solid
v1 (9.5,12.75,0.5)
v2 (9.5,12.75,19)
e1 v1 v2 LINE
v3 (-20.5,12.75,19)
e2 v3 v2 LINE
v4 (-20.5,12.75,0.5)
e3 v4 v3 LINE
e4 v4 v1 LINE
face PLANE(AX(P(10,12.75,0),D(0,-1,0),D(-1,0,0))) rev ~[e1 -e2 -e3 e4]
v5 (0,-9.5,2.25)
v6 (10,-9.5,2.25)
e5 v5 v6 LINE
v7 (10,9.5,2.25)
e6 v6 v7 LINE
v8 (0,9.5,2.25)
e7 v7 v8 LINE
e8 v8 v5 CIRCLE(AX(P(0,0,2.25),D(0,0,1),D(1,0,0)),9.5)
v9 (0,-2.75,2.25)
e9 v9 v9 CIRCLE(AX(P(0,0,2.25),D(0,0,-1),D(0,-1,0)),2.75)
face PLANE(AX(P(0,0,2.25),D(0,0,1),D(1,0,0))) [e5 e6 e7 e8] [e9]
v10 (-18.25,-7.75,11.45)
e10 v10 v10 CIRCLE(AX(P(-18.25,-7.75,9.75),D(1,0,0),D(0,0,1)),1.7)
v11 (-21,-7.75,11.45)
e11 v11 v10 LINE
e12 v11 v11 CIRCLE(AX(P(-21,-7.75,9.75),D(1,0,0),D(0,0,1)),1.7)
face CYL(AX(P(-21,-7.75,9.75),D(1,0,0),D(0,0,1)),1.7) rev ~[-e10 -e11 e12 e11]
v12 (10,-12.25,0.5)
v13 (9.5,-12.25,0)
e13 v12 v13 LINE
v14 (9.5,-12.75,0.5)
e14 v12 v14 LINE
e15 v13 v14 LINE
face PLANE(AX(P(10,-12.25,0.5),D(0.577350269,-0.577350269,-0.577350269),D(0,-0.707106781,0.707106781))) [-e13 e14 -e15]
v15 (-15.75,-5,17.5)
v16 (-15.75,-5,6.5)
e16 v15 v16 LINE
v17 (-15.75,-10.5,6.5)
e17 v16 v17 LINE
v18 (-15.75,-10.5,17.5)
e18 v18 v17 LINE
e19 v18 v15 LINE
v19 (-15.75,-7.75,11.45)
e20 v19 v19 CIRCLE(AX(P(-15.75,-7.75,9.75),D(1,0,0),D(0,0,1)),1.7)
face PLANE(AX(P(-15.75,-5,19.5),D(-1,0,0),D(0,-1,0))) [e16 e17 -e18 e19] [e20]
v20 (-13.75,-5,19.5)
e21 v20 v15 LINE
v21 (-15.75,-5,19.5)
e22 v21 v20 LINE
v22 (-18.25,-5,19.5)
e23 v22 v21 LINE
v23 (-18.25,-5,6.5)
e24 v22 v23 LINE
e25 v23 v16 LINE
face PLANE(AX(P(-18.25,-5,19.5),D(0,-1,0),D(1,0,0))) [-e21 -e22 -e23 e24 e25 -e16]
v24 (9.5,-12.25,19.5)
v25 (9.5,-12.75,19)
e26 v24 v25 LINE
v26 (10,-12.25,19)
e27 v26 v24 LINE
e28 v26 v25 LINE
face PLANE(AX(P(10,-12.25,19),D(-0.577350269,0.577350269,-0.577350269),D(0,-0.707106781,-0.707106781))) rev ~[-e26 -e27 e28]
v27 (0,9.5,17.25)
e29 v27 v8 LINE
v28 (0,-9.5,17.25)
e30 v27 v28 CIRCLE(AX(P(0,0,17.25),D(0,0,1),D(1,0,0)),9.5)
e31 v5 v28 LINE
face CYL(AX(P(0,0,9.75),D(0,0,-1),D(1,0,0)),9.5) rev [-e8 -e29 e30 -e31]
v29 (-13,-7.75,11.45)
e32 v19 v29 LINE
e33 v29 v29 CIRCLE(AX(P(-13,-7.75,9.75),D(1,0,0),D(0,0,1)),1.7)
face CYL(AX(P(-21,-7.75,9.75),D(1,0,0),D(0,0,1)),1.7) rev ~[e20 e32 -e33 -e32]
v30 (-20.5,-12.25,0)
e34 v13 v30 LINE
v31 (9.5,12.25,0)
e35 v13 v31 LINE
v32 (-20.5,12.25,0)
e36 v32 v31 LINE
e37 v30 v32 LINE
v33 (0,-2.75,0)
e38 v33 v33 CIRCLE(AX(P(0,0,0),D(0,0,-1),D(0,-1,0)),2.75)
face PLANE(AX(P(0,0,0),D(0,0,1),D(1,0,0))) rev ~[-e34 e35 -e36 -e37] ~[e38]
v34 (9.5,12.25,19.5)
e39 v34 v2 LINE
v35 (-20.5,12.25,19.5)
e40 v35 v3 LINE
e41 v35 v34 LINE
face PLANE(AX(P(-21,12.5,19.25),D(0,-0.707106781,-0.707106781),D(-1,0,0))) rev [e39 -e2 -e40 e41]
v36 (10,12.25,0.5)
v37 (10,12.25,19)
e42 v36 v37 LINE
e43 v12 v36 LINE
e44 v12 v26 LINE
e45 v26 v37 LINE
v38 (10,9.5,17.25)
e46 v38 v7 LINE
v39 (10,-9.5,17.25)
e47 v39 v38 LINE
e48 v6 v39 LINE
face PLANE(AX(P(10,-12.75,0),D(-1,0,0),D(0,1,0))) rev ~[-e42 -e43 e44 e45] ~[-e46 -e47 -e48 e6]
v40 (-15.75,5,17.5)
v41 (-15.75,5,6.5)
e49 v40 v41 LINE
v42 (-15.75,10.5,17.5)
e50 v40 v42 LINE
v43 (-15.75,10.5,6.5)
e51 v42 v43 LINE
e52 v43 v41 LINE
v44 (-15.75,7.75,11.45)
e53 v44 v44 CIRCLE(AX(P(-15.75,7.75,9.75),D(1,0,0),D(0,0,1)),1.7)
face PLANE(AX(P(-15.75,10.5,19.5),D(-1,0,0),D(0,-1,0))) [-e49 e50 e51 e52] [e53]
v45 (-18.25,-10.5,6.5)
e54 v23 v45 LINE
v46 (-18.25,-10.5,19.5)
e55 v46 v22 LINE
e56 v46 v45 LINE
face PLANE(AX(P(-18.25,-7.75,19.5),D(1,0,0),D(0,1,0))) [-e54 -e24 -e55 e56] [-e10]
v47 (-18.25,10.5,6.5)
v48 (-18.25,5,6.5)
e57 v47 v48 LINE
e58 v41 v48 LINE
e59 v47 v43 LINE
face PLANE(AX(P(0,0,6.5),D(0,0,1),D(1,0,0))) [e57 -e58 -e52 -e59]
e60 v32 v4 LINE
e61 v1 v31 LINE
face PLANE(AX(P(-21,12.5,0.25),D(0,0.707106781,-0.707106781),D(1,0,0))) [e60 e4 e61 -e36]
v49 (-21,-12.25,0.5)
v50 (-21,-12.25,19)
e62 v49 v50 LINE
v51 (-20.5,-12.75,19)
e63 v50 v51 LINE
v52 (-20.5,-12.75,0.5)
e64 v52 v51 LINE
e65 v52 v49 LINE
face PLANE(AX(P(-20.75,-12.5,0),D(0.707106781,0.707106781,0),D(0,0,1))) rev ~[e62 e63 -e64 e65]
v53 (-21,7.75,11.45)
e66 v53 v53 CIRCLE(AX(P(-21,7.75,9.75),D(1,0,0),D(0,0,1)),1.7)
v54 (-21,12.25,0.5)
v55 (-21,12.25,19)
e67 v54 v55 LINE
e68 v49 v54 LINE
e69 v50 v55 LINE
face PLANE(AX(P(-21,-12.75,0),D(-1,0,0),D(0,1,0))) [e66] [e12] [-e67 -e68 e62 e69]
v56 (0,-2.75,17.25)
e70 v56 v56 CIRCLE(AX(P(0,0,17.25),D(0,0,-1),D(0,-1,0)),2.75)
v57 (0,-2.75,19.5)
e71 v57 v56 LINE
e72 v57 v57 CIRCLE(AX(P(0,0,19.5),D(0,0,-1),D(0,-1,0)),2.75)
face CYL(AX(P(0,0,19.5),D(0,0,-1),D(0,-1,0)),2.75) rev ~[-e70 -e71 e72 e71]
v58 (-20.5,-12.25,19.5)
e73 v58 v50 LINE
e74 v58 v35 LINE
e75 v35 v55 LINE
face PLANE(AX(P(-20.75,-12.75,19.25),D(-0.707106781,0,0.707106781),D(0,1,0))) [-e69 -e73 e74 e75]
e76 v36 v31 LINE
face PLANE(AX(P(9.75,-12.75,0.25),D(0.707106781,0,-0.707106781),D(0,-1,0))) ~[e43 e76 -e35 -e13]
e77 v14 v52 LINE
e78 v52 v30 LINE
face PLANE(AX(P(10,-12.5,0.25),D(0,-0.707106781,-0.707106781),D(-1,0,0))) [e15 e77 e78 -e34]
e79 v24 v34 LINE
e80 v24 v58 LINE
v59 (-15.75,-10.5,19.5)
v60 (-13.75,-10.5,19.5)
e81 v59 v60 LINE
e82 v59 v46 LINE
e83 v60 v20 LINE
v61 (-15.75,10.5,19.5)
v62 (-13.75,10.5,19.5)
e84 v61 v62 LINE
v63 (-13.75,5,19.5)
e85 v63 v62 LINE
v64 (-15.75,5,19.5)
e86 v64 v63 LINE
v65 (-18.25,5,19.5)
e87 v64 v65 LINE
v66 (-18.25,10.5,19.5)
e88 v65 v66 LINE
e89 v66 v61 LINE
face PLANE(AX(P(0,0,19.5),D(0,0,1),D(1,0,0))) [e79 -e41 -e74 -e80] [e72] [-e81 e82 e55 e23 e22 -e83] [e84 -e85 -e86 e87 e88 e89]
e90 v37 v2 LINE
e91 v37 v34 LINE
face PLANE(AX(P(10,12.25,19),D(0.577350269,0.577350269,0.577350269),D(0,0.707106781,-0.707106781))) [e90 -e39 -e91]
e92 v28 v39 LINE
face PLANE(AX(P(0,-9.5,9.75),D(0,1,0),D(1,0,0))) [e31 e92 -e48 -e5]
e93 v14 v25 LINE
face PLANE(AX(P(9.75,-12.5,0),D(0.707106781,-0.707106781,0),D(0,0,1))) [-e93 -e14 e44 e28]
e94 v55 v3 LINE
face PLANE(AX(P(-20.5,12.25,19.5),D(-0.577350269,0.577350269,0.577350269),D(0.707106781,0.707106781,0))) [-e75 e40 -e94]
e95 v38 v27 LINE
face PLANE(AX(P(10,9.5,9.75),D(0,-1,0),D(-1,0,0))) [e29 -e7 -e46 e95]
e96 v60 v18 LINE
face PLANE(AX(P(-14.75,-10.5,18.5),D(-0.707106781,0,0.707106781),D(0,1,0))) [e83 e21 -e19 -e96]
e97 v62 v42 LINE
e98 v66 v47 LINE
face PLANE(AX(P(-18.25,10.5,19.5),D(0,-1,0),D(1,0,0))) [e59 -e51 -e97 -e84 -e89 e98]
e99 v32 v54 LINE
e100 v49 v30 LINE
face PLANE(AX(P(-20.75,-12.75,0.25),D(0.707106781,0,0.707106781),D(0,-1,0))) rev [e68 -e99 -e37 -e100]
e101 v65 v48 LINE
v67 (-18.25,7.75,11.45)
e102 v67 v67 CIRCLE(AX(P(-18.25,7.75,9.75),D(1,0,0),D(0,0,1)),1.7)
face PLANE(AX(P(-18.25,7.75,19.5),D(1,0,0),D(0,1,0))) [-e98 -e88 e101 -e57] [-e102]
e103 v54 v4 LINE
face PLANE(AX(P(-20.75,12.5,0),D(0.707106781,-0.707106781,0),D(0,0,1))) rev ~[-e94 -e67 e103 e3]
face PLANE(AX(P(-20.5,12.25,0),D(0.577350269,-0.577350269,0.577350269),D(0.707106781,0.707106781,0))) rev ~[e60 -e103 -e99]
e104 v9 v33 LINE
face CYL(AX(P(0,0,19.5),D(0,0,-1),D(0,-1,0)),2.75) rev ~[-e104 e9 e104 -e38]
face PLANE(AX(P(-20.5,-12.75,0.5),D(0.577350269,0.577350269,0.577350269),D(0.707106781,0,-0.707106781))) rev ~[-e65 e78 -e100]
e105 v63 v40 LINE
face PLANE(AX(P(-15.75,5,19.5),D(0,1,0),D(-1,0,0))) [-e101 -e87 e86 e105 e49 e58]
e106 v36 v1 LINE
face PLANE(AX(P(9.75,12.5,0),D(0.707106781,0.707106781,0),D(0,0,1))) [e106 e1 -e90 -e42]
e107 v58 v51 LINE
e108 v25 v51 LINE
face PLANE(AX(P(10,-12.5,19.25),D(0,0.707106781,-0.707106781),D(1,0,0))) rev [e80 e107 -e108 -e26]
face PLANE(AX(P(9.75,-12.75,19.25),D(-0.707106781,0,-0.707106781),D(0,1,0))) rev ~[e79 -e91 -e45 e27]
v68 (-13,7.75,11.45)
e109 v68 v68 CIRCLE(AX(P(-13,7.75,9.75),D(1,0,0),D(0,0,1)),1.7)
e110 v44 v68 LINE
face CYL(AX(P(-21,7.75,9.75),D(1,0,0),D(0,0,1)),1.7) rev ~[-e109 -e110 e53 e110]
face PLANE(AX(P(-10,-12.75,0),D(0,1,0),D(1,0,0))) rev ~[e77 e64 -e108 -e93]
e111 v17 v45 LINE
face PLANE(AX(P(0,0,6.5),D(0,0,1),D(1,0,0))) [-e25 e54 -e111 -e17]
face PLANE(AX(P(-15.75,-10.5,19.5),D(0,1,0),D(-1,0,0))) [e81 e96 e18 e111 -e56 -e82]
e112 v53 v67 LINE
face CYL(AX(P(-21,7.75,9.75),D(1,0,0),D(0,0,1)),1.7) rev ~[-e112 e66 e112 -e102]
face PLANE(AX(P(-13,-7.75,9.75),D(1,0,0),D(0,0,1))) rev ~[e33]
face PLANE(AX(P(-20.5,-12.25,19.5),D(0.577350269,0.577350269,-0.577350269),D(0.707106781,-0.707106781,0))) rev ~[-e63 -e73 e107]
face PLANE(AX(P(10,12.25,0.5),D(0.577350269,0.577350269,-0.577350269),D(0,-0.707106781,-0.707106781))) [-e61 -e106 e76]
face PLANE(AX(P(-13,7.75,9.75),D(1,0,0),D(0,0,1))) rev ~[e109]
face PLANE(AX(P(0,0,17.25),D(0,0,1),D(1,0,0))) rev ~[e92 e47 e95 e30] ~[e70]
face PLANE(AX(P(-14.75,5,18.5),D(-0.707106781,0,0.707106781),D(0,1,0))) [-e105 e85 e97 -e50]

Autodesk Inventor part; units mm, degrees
ref_plane "YZ Plane" through (0, 0, 0) normal (1, 0, 0) x (0, 1, 0)
ref_plane "XZ Plane" through (0, 0, 0) normal (0, 1, 0) x (-1, 0, 0)
sketch "Sketch1" plane through (0, 0, 0) normal (0, 0, 1) x (1, 0, 0)
  circle A0 centre (0, 0) radius 6
  line L0 (-10, -12.75) -> (10, -12.75)
  line L1 (10, -12.75) -> (10, 12.75)
  line L2 (10, 12.75) -> (-10, 12.75)
  line L3 (-10, 12.75) -> (-10, -12.75)
  line L4 (-10, -12.75) -> (10, 12.75) construction
  line L5 (10, -12.75) -> (-10, 12.75) construction
  line L6 (-10, -12.75) -> (-21, -12.75)
  line L7 (-21, -12.75) -> (-21, 12.75)
  line L8 (-21, 12.75) -> (-10, 12.75)
  line L9 (-10, 12.75) -> (-10, -12.75)
  dimension "d0" = 12
  dimension "d1" = 25.5
  dimension "d2" = 20
  dimension "d20" = 11
extrude "Extrusion1" add sketch "Sketch1" along normal blind 19.5 contours A0 | L3 L2 L1 L0 | L6 L7 L8 L3
ref_plane "Work Plane1" through (0, 0, 9.75) normal (0, 0, 1) x (1, 0, 0)
sketch "Sketch2" plane through (0, 0, 9.75) normal (0, 0, 1) x (1, 0, 0)
  circle A0 centre (0, 0) radius 9.5
  line L0 (-10, -9.5) -> (10, -9.5)
  line L1 (10, -9.5) -> (10, 9.5)
  line L2 (10, 9.5) -> (-10, 9.5)
  line L3 (-10, 9.5) -> (-10, -9.5)
  line L4 (-10, -9.5) -> (10, 9.5) construction
  line L5 (10, -9.5) -> (-10, 9.5) construction
  point P0 (0, 9.5)
  point P1 (0, -9.5)
  dimension "d5" = 19
  dimension "d6" = 20
  dimension "d7" = 19
extrude "Extrusion2" cut sketch "Sketch2" along normal mid plane 15 contours A0 | A0 L2 L1 L0
sketch "Sketch3" plane through (0, 0, 19.5) normal (0, 0, 1) x (1, 0, 0)
  point P0 (0, 0)
  point P1 (0, 0)
hole "Hole1" at (0, 0, 19.5) direction (0, 0, -1) diameter 5.5 end through all clearance for "Socket Head Cap Screw" size "M5" standard "Ansi Metric M Profile"
sketch "Sketch4" plane through (-21, -12.75, 0) normal (-1, 0, 0) x (0, 0, 1)
  line L0 (0, 25.5) -> (19.5, 25.5) projected
  line L1 (9.75, 25.5) -> (9.75, 0)
  line L2 (0, 0) -> (19.5, 0) projected
  point P0 (9.75, 20.5)
  point P1 (9.75, 5)
  dimension "d21" = 5
  dimension "d22" = 5
hole "Hole2" at (-21, 7.75, 9.75) at (-21, -7.75, 9.75) direction (1, 0, 0) diameter 3.4 depth 8 clearance for "Hex Head Machine Screw" size "M3" standard "Ansi Metric M Profile"
sketch "Sketch5" plane through (0, 0, 19.5) normal (0, 0, 1) x (1, 0, 0)
  line L0 (-21, 6.05) -> (-21, 9.45) projected
  line L1 (-13, 9.45) -> (-13, 6.05) projected
  line L2 (-21, -9.45) -> (-21, -6.05) projected
  line L3 (-13, -6.05) -> (-13, -9.45) projected
  line L4 (-21, 7.75) -> (-13, 7.75)
  line L5 (-21, -7.75) -> (-13, -7.75)
  line L6 (-18.25, 10.5) -> (-15.75, 10.5)
  line L7 (-15.75, 10.5) -> (-15.75, 5)
  line L8 (-15.75, 5) -> (-18.25, 5)
  line L9 (-18.25, 5) -> (-18.25, 10.5)
  line L10 (-18.25, 10.5) -> (-15.75, 5) construction
  line L11 (-15.75, 10.5) -> (-18.25, 5) construction
  line L12 (-18.25, -5) -> (-15.75, -5)
  line L13 (-15.75, -5) -> (-15.75, -10.5)
  line L14 (-15.75, -10.5) -> (-18.25, -10.5)
  line L15 (-18.25, -10.5) -> (-18.25, -5)
  line L16 (-18.25, -5) -> (-15.75, -10.5) construction
  line L17 (-15.75, -5) -> (-18.25, -10.5) construction
  point P0 (0, 0)
  point P1 (-17, 7.75)
  point P2 (-17, -7.75)
  dimension "d30" = 2.5
  dimension "d31" = 5.5
  dimension "d32" = 2.5
  dimension "d33" = 5.5
extrude "Extrusion3" cut sketch "Sketch5" against normal blind 13
chamfer "Chamfer1" distance 2 angle 45 2 edges at (-15.75, 7.75, 19.5) (-15.75, -7.75, 19.5)
chamfer "Chamfer2" distance 0.5 angle 45 12 edges at (-21, 12.75, 9.75) (-21, 0, 0) (-21, -12.75, 9.75) (-21, 0, 19.5) (-5.5, 12.75, 19.5) (-5.5, 12.75, 0) (-5.5, -12.75, 0) (-5.5, -12.75, 19.5) (10, 0, 19.5) (10, 12.75, 9.75) (10, 0, 0) (10, -12.75, 9.75)
properties part number "X-End-Floating-Idler v0.1"
